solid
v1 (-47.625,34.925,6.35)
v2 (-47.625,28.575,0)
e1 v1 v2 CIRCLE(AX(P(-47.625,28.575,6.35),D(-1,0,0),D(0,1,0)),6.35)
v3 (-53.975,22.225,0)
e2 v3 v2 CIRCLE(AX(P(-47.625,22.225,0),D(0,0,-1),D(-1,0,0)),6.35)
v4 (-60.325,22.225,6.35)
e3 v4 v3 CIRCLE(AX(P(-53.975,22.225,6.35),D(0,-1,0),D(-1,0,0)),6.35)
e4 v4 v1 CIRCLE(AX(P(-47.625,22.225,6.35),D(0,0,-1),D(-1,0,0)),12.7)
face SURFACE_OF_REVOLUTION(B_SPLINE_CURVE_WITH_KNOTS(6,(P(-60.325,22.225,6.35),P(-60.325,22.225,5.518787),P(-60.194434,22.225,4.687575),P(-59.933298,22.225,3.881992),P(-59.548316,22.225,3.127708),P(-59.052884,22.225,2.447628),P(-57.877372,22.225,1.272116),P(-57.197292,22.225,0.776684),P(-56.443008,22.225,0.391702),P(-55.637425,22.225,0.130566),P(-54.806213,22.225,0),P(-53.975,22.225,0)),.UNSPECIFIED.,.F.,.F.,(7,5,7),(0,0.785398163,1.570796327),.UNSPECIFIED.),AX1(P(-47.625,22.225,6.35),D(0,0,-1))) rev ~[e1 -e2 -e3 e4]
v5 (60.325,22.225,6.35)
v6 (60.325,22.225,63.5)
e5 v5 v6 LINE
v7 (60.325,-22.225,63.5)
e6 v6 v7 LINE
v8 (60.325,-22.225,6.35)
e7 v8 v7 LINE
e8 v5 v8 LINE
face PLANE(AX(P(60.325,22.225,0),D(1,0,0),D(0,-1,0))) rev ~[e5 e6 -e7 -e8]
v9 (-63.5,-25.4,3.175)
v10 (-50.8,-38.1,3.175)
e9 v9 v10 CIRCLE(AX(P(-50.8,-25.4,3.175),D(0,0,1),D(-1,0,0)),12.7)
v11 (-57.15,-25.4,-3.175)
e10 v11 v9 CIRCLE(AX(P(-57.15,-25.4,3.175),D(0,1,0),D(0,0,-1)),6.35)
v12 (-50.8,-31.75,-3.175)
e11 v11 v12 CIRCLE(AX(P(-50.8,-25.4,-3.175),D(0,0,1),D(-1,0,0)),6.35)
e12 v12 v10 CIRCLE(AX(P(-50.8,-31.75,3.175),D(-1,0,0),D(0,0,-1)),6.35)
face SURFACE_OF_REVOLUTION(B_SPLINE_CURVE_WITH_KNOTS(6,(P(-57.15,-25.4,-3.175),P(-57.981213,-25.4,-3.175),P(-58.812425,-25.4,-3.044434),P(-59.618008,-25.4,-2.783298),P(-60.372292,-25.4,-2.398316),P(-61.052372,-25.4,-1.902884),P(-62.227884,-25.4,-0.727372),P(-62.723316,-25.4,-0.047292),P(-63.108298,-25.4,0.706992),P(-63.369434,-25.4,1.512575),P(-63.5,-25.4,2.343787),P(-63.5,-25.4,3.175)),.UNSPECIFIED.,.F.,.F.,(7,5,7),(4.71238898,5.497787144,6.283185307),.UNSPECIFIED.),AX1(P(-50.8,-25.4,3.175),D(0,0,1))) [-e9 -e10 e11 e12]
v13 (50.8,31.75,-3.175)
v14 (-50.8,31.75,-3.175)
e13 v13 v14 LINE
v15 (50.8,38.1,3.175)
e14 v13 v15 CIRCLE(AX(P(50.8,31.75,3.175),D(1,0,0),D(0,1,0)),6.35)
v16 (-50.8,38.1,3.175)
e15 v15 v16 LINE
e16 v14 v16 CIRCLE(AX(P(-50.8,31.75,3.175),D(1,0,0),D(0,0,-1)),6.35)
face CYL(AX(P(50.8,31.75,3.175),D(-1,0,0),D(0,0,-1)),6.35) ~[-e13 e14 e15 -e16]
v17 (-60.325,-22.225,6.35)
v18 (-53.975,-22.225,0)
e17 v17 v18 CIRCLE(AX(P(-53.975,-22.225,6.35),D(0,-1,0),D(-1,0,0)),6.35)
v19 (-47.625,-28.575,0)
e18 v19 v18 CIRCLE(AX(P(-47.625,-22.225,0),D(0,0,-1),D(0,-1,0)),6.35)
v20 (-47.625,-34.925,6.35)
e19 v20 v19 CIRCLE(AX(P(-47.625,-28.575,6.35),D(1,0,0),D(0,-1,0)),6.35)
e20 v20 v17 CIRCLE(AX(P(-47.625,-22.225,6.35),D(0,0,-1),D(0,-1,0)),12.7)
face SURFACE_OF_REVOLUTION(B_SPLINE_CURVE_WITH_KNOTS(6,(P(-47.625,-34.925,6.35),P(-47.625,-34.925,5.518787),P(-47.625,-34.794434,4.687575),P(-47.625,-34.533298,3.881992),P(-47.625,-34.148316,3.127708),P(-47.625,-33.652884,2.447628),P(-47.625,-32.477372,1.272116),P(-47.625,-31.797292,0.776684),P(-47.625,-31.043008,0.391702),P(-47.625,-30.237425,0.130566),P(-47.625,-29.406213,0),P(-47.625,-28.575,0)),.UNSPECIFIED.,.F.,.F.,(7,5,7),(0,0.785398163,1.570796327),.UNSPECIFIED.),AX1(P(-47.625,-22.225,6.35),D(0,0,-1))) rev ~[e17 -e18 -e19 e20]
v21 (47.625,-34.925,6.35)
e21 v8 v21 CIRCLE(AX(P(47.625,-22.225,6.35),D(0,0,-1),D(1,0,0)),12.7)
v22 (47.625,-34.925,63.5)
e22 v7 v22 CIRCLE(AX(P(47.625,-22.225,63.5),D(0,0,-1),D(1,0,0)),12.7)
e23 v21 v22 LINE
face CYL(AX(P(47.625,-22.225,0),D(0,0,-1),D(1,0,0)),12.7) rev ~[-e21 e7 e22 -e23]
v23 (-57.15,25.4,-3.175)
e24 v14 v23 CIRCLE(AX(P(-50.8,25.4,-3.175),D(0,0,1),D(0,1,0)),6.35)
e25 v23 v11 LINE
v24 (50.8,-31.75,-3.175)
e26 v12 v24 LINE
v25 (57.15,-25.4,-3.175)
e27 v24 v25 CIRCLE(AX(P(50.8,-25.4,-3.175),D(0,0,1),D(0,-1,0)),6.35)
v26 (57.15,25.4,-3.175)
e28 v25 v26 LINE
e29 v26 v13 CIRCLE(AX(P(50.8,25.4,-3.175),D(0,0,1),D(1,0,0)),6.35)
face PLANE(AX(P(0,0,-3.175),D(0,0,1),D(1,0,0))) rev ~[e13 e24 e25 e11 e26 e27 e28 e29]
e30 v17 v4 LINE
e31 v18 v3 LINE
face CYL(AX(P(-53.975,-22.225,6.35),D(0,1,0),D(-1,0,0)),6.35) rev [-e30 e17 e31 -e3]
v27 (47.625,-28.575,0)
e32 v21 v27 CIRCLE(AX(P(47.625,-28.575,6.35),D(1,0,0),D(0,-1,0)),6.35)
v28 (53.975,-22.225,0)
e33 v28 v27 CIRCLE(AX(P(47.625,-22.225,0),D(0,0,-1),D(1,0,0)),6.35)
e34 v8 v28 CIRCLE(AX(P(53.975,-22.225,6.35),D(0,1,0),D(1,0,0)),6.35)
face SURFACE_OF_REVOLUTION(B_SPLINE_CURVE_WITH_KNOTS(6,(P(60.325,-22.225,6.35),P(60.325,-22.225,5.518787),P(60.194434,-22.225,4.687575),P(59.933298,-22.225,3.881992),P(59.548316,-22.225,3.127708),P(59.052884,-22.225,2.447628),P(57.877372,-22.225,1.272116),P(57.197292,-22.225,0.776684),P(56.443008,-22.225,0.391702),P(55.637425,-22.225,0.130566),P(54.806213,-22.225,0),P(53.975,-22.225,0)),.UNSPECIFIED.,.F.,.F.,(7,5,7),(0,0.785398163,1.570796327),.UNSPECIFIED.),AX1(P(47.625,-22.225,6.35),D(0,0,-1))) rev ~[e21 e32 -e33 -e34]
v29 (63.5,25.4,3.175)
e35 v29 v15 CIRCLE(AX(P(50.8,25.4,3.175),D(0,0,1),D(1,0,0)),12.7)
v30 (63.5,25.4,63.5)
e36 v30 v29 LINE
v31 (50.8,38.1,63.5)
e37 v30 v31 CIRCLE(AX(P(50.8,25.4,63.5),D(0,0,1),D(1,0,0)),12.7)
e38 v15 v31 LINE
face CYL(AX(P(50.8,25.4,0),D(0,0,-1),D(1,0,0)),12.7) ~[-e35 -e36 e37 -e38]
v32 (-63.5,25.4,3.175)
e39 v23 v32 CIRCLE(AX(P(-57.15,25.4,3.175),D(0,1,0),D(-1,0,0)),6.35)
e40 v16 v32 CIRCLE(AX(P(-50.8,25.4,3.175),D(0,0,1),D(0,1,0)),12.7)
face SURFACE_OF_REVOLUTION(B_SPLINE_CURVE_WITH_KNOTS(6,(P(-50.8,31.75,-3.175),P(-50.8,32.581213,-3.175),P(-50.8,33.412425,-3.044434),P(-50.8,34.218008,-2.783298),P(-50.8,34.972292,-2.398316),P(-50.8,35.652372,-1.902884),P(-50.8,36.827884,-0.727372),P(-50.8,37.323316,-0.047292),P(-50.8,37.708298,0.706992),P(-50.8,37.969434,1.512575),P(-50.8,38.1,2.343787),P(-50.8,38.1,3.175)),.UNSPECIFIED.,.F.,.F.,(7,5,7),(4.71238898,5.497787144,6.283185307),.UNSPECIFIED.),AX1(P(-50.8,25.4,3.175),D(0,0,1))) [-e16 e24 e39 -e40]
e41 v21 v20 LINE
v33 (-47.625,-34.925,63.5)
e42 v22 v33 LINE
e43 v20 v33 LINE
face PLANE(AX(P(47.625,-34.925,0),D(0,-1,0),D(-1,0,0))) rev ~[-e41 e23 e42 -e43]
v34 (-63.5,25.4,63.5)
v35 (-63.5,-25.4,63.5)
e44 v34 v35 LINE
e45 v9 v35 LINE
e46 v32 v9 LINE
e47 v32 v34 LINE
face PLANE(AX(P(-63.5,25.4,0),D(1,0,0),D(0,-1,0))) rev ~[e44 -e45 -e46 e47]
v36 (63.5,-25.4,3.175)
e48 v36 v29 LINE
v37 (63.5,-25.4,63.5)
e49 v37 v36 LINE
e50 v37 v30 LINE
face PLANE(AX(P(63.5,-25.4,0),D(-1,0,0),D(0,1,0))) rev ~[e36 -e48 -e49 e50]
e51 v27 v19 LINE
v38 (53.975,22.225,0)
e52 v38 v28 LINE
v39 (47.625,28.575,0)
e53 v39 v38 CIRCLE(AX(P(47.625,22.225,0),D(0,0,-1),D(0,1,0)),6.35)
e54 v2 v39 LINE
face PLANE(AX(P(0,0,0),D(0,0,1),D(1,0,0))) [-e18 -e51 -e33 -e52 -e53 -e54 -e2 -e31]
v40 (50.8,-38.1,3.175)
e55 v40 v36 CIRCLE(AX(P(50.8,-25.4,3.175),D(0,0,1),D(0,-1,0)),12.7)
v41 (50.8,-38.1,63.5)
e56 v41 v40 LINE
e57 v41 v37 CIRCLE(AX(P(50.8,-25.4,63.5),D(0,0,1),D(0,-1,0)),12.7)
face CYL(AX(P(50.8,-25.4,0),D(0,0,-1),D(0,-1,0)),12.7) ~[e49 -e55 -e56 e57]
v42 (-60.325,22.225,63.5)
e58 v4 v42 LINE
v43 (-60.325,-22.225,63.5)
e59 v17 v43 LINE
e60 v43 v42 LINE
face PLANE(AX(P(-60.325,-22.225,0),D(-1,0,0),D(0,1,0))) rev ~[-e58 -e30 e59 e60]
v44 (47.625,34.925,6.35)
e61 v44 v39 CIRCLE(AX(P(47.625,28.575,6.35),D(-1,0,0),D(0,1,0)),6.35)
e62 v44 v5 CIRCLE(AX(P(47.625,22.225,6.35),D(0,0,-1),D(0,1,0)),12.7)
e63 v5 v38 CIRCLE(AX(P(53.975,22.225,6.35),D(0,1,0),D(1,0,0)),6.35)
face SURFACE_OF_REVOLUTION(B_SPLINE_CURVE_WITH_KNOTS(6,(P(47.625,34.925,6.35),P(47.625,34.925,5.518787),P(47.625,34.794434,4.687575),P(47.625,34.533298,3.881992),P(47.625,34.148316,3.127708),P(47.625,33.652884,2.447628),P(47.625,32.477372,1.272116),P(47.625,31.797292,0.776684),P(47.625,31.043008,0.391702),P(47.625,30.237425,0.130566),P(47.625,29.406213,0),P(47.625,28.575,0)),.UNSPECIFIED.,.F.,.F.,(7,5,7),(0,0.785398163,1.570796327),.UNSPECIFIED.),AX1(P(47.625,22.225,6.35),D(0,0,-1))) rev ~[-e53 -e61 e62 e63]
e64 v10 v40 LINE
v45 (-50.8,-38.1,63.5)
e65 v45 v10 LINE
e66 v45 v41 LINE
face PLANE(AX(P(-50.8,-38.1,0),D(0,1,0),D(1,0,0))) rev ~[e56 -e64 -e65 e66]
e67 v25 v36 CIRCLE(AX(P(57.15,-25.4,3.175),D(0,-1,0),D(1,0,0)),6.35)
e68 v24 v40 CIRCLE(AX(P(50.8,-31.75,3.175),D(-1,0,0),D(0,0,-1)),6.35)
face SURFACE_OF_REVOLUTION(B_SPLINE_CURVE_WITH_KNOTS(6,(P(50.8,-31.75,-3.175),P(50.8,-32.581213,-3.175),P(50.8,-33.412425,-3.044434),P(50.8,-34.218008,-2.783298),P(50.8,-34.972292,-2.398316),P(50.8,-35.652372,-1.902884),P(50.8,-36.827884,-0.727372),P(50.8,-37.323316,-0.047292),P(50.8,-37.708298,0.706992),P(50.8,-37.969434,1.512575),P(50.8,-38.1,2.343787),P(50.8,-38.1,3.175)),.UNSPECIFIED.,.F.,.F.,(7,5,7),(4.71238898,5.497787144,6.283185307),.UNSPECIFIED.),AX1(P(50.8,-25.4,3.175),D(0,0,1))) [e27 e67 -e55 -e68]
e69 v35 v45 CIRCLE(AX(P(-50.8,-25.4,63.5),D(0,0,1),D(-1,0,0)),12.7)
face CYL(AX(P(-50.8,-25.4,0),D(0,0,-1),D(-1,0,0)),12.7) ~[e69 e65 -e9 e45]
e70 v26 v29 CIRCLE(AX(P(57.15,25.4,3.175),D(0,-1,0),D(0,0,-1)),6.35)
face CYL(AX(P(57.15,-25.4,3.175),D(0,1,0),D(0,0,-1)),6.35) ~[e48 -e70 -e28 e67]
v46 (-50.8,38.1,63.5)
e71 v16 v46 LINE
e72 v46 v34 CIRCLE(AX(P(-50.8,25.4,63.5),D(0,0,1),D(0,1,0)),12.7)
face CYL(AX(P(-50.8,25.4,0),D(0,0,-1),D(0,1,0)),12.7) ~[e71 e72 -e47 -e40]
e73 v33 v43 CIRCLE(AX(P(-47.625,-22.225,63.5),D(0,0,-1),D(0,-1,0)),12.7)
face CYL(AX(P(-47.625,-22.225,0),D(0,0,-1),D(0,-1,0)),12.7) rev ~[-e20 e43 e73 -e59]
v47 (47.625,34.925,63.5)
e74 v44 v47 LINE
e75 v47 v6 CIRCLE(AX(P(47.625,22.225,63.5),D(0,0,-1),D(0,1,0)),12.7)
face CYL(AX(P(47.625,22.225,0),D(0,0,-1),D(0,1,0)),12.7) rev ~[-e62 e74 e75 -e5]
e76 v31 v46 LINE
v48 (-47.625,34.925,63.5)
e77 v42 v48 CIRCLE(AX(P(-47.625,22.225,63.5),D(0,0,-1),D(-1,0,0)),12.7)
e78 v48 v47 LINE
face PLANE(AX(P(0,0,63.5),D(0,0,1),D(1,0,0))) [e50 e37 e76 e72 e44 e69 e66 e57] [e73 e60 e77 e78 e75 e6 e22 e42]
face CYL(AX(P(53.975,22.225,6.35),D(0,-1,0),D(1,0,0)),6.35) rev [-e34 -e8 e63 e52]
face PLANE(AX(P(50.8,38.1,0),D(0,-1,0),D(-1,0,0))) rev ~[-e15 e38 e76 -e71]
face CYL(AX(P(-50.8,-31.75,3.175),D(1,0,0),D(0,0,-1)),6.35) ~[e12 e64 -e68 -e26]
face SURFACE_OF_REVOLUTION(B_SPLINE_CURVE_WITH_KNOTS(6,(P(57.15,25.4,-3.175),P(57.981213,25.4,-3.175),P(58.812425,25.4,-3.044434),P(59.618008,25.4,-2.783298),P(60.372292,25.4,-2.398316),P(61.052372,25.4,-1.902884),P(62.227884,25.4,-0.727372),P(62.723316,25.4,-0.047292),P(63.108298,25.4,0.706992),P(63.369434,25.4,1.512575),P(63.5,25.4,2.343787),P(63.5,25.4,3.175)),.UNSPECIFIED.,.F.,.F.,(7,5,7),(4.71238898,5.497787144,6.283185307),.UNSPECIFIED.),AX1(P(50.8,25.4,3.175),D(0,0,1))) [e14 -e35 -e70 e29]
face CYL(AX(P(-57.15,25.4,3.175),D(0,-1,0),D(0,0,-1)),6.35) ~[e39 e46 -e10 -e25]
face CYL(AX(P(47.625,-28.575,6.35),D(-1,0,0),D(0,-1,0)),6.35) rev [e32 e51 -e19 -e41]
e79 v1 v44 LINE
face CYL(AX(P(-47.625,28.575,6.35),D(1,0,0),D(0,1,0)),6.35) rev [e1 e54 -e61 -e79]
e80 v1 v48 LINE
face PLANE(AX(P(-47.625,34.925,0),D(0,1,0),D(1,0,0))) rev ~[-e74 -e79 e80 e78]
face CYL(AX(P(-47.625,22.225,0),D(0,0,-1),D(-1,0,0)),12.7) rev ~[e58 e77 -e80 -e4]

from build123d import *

# Parameters (mm, degrees)
F1_DEPTH = 3.175
F2_DEPTH = 63.5
F3_R     = 6.35


with BuildPart() as f1:
    # F0 (on Top) → F1 (new body)
    with BuildSketch(Plane.XY):
        with BuildLine():
            ThreePointArc((63.5, 25.4), (59.7802561211, 34.3802561211), (50.8, 38.1))
            Line((50.8, 38.1), (-50.8, 38.1))
            ThreePointArc((-50.8, 38.1), (-59.7802561211, 34.3802561211), (-63.5, 25.4))
            Line((-63.5, 25.4), (-63.5, -25.4))
            ThreePointArc((-63.5, -25.4), (-59.7802561211, -34.3802561211), (-50.8, -38.1))
            Line((-50.8, -38.1), (50.8, -38.1))
            ThreePointArc((50.8, -38.1), (59.7802561211, -34.3802561211), (63.5, -25.4))
            Line((63.5, -25.4), (63.5, 25.4))
        make_face()
        with BuildLine():
            Line((-47.625, 34.925), (47.625, 34.925))
            ThreePointArc((47.625, 34.925), (56.6052561211, 31.2052561211), (60.325, 22.225))
            Line((60.325, 22.225), (60.325, -22.225))
            ThreePointArc((60.325, -22.225), (56.6052561211, -31.2052561211), (47.625, -34.925))
            Line((47.625, -34.925), (-47.625, -34.925))
            ThreePointArc((-47.625, -34.925), (-56.6052561211, -31.2052561211), (-60.325, -22.225))
            Line((-60.325, -22.225), (-60.325, 22.225))
            ThreePointArc((-60.325, 22.225), (-56.6052561211, 31.2052561211), (-47.625, 34.925))
        make_face(mode=Mode.SUBTRACT)
        with BuildLine():
            ThreePointArc((60.325, 22.225), (56.6052561211, 31.2052561211), (47.625, 34.925))
            Line((47.625, 34.925), (-47.625, 34.925))
            ThreePointArc((-47.625, 34.925), (-56.6052561211, 31.2052561211), (-60.325, 22.225))
            Line((-60.325, 22.225), (-60.325, -22.225))
            ThreePointArc((-60.325, -22.225), (-56.6052561211, -31.2052561211), (-47.625, -34.925))
            Line((-47.625, -34.925), (47.625, -34.925))
            ThreePointArc((47.625, -34.925), (56.6052561211, -31.2052561211), (60.325, -22.225))
            Line((60.325, -22.225), (60.325, 22.225))
        make_face()
    extrude(amount=-F1_DEPTH)

    # F0 (on Top) → F2 (join)
    with BuildSketch(Plane.XY):
        with BuildLine():
            ThreePointArc((63.5, 25.4), (59.7802561211, 34.3802561211), (50.8, 38.1))
            Line((50.8, 38.1), (-50.8, 38.1))
            ThreePointArc((-50.8, 38.1), (-59.7802561211, 34.3802561211), (-63.5, 25.4))
            Line((-63.5, 25.4), (-63.5, -25.4))
            ThreePointArc((-63.5, -25.4), (-59.7802561211, -34.3802561211), (-50.8, -38.1))
            Line((-50.8, -38.1), (50.8, -38.1))
            ThreePointArc((50.8, -38.1), (59.7802561211, -34.3802561211), (63.5, -25.4))
            Line((63.5, -25.4), (63.5, 25.4))
        make_face()
        with BuildLine():
            Line((-47.625, 34.925), (47.625, 34.925))
            ThreePointArc((47.625, 34.925), (56.6052561211, 31.2052561211), (60.325, 22.225))
            Line((60.325, 22.225), (60.325, -22.225))
            ThreePointArc((60.325, -22.225), (56.6052561211, -31.2052561211), (47.625, -34.925))
            Line((47.625, -34.925), (-47.625, -34.925))
            ThreePointArc((-47.625, -34.925), (-56.6052561211, -31.2052561211), (-60.325, -22.225))
            Line((-60.325, -22.225), (-60.325, 22.225))
            ThreePointArc((-60.325, 22.225), (-56.6052561211, 31.2052561211), (-47.625, 34.925))
        make_face(mode=Mode.SUBTRACT)
    extrude(amount=F2_DEPTH)

    # F3
    f3_edges = [f1.edges().sort_by_distance(p)[0] for p in [
        (0, 34.925, 0),
        (0, -38.1, -3.175),
    ]]
    fillet(f3_edges, radius=F3_R)


solid = f1.part
